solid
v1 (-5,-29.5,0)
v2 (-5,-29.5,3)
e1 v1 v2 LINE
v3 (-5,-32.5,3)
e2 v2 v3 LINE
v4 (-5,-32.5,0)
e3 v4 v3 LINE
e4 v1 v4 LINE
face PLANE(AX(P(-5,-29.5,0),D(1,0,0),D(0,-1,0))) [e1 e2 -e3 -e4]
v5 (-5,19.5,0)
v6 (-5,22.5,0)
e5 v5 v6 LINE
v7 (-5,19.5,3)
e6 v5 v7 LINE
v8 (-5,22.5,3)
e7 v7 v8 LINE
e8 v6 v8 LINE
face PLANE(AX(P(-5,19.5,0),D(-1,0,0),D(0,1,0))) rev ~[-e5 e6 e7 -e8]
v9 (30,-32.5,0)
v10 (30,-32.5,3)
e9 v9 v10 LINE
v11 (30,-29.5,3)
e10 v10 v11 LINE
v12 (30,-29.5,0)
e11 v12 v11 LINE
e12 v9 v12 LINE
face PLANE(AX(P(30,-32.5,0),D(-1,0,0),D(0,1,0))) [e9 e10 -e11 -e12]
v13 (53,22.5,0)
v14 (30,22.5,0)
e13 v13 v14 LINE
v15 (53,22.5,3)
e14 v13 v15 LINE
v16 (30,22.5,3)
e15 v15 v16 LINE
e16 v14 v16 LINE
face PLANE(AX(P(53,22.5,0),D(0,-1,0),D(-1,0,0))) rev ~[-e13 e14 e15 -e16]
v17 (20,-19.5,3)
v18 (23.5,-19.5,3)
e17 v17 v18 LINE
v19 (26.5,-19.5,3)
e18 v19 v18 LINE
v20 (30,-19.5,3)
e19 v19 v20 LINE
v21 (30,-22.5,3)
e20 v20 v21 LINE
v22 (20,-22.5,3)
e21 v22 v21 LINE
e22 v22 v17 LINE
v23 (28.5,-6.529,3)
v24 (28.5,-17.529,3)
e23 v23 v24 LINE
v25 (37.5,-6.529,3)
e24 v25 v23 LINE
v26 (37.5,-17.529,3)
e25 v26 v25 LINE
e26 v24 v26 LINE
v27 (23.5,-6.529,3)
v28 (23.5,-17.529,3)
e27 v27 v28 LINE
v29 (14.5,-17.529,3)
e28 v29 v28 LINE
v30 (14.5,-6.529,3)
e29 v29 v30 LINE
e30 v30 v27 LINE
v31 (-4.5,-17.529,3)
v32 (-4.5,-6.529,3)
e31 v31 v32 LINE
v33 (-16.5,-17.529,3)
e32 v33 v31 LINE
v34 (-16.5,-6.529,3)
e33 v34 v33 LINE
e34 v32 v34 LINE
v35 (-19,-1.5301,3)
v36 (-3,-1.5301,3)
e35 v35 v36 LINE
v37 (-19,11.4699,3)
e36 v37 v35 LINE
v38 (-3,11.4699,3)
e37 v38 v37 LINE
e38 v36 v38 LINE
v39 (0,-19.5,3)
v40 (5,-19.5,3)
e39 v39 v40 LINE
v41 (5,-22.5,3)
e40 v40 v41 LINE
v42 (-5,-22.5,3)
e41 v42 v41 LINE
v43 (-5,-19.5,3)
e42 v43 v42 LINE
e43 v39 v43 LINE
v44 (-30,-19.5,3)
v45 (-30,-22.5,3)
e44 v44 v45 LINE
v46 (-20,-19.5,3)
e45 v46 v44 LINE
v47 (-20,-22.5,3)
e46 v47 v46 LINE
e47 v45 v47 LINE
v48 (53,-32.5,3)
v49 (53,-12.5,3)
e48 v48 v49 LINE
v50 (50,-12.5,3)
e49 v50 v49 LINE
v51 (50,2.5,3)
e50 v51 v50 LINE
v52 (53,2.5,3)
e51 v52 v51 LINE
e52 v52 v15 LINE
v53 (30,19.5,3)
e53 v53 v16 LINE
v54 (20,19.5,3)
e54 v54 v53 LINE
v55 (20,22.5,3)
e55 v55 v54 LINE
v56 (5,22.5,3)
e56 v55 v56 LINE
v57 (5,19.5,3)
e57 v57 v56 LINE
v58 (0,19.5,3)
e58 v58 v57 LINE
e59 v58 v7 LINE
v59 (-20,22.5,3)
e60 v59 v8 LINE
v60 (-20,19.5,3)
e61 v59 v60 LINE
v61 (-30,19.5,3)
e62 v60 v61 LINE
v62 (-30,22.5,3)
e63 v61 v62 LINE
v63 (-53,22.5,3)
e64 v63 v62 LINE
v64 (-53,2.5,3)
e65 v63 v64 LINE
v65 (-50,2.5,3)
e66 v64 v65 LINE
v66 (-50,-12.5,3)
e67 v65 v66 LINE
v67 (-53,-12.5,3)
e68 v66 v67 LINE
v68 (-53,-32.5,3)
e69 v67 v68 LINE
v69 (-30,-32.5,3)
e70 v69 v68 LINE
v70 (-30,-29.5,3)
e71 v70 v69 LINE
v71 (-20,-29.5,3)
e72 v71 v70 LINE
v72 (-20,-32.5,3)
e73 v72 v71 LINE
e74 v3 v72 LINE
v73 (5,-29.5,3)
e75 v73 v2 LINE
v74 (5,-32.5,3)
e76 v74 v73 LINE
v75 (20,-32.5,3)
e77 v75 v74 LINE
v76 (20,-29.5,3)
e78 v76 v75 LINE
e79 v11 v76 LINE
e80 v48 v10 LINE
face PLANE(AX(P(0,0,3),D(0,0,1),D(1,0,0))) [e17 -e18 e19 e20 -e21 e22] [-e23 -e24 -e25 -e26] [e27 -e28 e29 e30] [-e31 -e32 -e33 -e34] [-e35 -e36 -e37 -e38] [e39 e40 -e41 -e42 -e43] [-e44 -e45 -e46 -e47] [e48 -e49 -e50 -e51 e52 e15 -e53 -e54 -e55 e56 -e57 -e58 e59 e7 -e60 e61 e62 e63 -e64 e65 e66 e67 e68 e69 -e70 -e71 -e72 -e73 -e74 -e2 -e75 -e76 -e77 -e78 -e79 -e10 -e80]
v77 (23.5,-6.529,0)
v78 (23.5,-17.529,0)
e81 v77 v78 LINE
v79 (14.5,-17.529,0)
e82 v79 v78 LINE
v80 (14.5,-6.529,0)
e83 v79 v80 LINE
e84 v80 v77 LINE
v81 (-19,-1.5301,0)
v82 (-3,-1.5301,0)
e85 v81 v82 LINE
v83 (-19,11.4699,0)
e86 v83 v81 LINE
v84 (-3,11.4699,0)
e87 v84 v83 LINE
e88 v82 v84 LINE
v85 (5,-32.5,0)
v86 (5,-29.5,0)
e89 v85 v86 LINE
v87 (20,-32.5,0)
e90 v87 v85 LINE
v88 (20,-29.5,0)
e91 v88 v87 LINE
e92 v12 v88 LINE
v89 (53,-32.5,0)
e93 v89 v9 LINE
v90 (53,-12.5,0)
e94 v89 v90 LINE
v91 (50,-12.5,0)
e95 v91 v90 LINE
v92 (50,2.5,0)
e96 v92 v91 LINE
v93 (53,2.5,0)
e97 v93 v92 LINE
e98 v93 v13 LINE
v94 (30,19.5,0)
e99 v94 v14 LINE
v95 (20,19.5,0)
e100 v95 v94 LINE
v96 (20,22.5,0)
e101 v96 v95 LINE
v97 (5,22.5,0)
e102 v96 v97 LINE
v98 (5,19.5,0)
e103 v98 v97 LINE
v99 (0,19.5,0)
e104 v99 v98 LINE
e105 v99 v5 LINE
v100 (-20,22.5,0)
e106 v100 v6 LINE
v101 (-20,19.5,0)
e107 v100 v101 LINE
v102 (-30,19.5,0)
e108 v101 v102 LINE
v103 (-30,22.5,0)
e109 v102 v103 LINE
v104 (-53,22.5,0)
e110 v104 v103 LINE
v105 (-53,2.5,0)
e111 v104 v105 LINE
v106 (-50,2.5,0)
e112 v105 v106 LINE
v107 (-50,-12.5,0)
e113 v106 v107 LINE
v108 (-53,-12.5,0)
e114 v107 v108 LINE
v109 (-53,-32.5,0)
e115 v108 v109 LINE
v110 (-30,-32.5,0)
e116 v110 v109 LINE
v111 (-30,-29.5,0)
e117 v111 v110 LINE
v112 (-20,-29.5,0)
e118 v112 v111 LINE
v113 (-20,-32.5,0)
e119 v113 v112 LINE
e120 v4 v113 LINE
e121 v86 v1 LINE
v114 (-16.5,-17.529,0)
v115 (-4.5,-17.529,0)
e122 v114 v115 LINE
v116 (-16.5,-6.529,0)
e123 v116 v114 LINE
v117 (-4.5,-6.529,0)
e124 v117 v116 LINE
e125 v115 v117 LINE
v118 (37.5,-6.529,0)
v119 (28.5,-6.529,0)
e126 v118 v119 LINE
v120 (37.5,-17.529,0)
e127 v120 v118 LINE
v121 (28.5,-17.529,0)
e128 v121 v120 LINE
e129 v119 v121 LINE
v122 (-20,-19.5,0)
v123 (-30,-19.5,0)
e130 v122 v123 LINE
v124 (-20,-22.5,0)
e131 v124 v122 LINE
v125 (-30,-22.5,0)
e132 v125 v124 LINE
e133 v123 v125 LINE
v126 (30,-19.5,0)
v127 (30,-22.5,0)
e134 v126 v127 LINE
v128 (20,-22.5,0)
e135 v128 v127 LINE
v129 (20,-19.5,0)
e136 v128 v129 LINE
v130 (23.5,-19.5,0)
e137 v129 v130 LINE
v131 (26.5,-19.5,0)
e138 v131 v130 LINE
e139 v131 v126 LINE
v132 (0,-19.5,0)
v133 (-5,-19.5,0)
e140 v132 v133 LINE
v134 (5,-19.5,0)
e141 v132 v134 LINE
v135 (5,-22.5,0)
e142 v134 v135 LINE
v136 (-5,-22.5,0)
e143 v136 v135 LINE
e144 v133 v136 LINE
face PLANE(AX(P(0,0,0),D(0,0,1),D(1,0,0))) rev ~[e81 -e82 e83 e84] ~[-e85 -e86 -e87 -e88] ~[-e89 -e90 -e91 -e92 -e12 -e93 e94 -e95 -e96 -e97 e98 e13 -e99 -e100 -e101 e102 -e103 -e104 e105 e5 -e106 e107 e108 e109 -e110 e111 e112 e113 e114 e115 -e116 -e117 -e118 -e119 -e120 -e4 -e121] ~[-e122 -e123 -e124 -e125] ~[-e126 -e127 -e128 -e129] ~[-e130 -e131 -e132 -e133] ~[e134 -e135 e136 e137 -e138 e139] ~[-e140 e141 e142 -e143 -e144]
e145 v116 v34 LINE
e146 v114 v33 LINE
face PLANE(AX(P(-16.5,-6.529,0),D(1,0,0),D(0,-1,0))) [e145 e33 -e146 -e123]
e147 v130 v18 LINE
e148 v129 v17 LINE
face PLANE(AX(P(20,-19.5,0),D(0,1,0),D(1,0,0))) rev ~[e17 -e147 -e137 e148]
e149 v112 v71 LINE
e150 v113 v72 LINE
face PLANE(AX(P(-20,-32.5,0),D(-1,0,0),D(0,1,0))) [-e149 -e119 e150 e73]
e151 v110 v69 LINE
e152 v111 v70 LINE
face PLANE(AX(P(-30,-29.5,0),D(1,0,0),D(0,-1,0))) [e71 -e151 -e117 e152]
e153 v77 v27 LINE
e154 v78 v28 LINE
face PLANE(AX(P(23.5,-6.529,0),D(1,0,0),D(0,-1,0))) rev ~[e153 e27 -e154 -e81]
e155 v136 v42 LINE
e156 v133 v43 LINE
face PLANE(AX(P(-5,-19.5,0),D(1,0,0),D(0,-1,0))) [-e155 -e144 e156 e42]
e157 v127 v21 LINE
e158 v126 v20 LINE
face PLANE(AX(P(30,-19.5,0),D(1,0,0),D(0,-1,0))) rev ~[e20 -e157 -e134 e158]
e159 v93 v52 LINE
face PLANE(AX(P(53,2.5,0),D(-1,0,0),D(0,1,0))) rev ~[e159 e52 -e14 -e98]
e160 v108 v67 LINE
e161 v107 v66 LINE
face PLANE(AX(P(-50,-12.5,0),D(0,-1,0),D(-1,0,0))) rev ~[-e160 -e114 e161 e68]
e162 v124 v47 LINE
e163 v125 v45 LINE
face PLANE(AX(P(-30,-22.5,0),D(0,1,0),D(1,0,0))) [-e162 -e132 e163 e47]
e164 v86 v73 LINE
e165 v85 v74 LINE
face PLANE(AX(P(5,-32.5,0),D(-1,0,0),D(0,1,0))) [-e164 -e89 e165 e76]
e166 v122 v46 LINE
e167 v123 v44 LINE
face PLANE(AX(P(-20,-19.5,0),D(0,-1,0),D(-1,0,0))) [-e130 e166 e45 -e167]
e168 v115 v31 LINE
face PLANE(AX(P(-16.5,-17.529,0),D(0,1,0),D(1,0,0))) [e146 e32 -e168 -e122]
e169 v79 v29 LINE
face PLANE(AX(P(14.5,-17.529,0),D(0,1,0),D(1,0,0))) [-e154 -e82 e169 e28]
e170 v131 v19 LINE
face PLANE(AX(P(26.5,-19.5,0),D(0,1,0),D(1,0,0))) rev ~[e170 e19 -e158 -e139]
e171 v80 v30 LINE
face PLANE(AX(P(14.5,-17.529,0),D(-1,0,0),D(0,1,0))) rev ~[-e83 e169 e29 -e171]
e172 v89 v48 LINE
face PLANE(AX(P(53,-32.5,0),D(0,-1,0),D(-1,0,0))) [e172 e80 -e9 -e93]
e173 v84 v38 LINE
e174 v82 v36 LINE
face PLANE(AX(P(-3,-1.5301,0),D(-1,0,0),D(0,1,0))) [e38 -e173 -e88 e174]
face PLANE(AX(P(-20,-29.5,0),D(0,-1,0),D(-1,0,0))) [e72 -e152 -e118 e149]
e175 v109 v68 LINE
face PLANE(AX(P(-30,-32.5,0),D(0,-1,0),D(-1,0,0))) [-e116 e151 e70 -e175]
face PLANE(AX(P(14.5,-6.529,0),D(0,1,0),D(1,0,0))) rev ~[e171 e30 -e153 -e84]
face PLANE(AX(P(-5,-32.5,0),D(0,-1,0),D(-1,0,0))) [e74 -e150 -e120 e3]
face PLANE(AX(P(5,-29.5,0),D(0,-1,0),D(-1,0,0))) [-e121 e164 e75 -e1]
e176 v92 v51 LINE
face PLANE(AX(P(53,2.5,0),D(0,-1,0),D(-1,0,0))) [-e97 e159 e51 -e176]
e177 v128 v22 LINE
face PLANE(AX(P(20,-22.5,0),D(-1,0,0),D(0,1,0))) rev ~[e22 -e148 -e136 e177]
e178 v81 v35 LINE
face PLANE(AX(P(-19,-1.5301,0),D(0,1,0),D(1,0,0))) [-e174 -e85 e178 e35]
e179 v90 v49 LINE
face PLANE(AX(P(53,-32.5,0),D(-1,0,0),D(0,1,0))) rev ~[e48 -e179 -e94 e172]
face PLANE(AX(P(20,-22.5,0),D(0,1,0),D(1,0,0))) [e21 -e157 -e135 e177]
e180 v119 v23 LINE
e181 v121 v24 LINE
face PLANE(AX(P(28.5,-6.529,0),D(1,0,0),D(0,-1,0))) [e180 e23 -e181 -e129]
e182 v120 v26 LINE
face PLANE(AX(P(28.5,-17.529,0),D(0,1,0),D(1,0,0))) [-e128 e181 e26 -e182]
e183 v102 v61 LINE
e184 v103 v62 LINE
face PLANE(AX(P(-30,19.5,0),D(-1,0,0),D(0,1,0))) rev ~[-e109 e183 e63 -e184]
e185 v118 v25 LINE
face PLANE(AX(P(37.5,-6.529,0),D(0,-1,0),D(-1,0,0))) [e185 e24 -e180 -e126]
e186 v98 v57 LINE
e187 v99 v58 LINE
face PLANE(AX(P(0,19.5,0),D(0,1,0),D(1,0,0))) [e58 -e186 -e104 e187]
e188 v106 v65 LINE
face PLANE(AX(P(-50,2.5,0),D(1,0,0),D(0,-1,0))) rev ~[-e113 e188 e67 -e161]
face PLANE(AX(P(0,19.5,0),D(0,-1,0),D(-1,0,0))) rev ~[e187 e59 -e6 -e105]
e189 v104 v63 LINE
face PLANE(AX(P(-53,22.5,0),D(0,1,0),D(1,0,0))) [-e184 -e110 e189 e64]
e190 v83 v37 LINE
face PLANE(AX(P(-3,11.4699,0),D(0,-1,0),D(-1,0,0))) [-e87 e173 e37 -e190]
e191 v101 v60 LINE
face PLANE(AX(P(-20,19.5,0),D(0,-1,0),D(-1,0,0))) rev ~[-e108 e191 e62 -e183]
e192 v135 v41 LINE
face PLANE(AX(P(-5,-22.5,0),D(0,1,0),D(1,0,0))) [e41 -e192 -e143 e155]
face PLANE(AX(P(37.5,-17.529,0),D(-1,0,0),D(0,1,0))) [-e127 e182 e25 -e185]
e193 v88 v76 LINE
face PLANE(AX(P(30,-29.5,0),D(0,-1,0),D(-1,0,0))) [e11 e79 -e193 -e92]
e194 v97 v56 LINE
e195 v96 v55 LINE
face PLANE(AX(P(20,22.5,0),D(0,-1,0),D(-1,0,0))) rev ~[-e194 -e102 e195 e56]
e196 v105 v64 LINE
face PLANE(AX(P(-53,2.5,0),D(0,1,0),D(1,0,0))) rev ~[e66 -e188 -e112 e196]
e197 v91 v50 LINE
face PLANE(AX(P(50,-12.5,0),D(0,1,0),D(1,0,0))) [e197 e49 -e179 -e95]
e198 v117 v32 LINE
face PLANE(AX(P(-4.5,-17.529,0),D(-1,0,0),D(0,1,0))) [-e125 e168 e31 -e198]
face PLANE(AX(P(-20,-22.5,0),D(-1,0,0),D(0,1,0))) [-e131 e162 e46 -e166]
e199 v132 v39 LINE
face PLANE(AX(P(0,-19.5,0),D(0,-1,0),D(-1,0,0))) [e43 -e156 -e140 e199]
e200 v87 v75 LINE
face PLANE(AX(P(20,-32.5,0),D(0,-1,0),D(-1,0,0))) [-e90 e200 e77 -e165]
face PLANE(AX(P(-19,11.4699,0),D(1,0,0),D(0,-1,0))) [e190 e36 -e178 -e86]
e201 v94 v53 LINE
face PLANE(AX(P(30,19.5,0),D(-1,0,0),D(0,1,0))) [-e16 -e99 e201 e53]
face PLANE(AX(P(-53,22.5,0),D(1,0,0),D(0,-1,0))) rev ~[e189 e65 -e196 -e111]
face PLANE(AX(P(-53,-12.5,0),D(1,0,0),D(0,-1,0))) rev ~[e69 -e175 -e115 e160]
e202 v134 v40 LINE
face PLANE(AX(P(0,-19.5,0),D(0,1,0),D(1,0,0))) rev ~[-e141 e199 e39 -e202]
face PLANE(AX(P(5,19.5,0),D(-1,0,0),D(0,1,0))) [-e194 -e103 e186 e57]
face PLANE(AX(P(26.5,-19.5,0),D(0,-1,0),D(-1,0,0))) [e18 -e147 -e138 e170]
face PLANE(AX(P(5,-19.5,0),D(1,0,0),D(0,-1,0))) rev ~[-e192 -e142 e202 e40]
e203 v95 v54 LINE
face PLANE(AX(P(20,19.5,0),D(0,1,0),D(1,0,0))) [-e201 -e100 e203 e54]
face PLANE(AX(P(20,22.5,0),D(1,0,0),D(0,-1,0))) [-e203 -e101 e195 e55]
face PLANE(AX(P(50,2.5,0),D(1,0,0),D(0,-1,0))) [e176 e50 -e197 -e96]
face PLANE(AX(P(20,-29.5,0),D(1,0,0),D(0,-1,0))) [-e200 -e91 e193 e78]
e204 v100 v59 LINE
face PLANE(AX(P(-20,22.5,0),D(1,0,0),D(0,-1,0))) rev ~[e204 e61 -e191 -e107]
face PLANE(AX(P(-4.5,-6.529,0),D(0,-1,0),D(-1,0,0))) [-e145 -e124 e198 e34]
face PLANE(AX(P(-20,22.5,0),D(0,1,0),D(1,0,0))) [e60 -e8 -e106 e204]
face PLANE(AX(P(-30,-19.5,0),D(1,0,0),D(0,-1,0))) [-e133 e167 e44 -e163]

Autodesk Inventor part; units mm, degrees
ref_plane "YZ Plane" through (0, 0, 0) normal (1, 0, 0) x (0, 1, 0)
ref_plane "XZ Plane" through (0, 0, 0) normal (0, 1, 0) x (-1, 0, 0)
ref_plane "XY Plane" through (0, 0, 0) normal (0, 0, 1) x (1, 0, 0)
sketch "Эскиз1" plane through (0, 0, 0) normal (0, 0, 1) x (1, 0, 0)
  line L0 (-20, -22.5) -> (-20, -19.5)
  line L1 (-20, -19.5) -> (-30, -19.5)
  line L2 (-30, -19.5) -> (-30, -22.5)
  line L3 (0, -19.5) -> (-5, -19.5)
  line L4 (-5, -19.5) -> (-5, -22.5)
  line L5 (20, -22.5) -> (20, -19.5)
  line L6 (20, -19.5) -> (30, -19.5)
  line L7 (30, -19.5) -> (30, -22.5)
  line L8 (0, -19.5) -> (5, -19.5)
  line L9 (5, -19.5) -> (5, -22.5)
  line L10 (-53, 22.5) -> (-30, 22.5)
  line L11 (0, 19.5) -> (-5, 19.5)
  line L12 (-5, 19.5) -> (-5, 22.5)
  line L13 (-20, 22.5) -> (-5, 22.5)
  line L14 (-5, 22.5) -> (-20, 22.5)
  line L15 (-20, 22.5) -> (-20, 19.5)
  line L16 (-20, 19.5) -> (-30, 19.5)
  line L17 (-30, 19.5) -> (-30, 22.5)
  line L18 (-30, 22.5) -> (-53, 22.5)
  line L19 (0, 19.5) -> (5, 19.5)
  line L20 (5, 19.5) -> (5, 22.5)
  line L21 (20, 22.5) -> (20, 19.5)
  line L22 (20, 22.5) -> (5, 22.5)
  line L23 (5, 22.5) -> (20, 22.5)
  line L24 (20, 19.5) -> (30, 19.5)
  line L25 (30, 19.5) -> (30, 22.5)
  line L26 (53, 22.5) -> (30, 22.5)
  line L27 (30, 22.5) -> (53, 22.5)
  line L28 (-20, -32.5) -> (-20, -29.5)
  line L29 (-20, -29.5) -> (-30, -29.5)
  line L30 (-30, -29.5) -> (-30, -32.5)
  line L31 (5, -32.5) -> (5, -29.5)
  line L32 (5, -29.5) -> (-5, -29.5)
  line L33 (-5, -29.5) -> (-5, -32.5)
  line L34 (30, -32.5) -> (30, -29.5)
  line L35 (30, -29.5) -> (20, -29.5)
  line L36 (20, -29.5) -> (20, -32.5)
  line L37 (-30, -22.5) -> (-20, -22.5)
  line L38 (-5, -22.5) -> (5, -22.5)
  line L39 (20, -22.5) -> (30, -22.5)
  line L40 (-30, -32.5) -> (-53, -32.5)
  line L41 (-5, -32.5) -> (-20, -32.5)
  line L42 (53, -32.5) -> (30, -32.5)
  line L43 (20, -32.5) -> (5, -32.5)
  line L44 (-53, 2.5) -> (-50, 2.5)
  line L45 (-50, 2.5) -> (-50, -12.5)
  line L46 (-50, -12.5) -> (-53, -12.5)
  line L47 (53, 2.5) -> (50, 2.5)
  line L48 (50, 2.5) -> (50, -12.5)
  line L49 (50, -12.5) -> (53, -12.5)
  line L50 (-53, 22.5) -> (-53, 2.5)
  line L51 (-53, -12.5) -> (-53, -32.5)
  line L52 (53, -32.5) -> (53, -12.5)
  line L53 (53, 2.5) -> (53, 22.5)
  line L54 (-4.5, -17.529) -> (-4.5, -6.529)
  line L55 (-4.5, -6.529) -> (-16.5, -6.529)
  line L56 (-16.5, -6.529) -> (-16.5, -17.529)
  line L57 (26.5, -19.5) -> (23.5, -19.5)
  line L58 (14.5, -17.529) -> (14.5, -6.529)
  line L59 (14.5, -6.529) -> (23.5, -6.529)
  line L60 (23.5, -6.529) -> (23.5, -17.529)
  line L61 (-19, -1.5301) -> (-3, -1.5301)
  line L62 (-3, -1.5301) -> (-3, 11.4699)
  line L63 (-3, 11.4699) -> (-19, 11.4699)
  line L64 (-19, 11.4699) -> (-19, -1.5301)
  line L65 (-16.5, -6.529) -> (-16.5, -17.529)
  line L66 (-16.5, -17.529) -> (-4.5, -17.529)
  line L67 (14.5, -17.529) -> (23.5, -17.529)
  line L68 (28.5, -17.529) -> (37.5, -17.529)
  line L69 (37.5, -17.529) -> (37.5, -6.529)
  line L70 (37.5, -6.529) -> (28.5, -6.529)
  line L71 (28.5, -6.529) -> (28.5, -17.529)
extrude "Выдавливание1" add sketch "Эскиз1" along normal blind 3
properties part number "Стенка t3"
